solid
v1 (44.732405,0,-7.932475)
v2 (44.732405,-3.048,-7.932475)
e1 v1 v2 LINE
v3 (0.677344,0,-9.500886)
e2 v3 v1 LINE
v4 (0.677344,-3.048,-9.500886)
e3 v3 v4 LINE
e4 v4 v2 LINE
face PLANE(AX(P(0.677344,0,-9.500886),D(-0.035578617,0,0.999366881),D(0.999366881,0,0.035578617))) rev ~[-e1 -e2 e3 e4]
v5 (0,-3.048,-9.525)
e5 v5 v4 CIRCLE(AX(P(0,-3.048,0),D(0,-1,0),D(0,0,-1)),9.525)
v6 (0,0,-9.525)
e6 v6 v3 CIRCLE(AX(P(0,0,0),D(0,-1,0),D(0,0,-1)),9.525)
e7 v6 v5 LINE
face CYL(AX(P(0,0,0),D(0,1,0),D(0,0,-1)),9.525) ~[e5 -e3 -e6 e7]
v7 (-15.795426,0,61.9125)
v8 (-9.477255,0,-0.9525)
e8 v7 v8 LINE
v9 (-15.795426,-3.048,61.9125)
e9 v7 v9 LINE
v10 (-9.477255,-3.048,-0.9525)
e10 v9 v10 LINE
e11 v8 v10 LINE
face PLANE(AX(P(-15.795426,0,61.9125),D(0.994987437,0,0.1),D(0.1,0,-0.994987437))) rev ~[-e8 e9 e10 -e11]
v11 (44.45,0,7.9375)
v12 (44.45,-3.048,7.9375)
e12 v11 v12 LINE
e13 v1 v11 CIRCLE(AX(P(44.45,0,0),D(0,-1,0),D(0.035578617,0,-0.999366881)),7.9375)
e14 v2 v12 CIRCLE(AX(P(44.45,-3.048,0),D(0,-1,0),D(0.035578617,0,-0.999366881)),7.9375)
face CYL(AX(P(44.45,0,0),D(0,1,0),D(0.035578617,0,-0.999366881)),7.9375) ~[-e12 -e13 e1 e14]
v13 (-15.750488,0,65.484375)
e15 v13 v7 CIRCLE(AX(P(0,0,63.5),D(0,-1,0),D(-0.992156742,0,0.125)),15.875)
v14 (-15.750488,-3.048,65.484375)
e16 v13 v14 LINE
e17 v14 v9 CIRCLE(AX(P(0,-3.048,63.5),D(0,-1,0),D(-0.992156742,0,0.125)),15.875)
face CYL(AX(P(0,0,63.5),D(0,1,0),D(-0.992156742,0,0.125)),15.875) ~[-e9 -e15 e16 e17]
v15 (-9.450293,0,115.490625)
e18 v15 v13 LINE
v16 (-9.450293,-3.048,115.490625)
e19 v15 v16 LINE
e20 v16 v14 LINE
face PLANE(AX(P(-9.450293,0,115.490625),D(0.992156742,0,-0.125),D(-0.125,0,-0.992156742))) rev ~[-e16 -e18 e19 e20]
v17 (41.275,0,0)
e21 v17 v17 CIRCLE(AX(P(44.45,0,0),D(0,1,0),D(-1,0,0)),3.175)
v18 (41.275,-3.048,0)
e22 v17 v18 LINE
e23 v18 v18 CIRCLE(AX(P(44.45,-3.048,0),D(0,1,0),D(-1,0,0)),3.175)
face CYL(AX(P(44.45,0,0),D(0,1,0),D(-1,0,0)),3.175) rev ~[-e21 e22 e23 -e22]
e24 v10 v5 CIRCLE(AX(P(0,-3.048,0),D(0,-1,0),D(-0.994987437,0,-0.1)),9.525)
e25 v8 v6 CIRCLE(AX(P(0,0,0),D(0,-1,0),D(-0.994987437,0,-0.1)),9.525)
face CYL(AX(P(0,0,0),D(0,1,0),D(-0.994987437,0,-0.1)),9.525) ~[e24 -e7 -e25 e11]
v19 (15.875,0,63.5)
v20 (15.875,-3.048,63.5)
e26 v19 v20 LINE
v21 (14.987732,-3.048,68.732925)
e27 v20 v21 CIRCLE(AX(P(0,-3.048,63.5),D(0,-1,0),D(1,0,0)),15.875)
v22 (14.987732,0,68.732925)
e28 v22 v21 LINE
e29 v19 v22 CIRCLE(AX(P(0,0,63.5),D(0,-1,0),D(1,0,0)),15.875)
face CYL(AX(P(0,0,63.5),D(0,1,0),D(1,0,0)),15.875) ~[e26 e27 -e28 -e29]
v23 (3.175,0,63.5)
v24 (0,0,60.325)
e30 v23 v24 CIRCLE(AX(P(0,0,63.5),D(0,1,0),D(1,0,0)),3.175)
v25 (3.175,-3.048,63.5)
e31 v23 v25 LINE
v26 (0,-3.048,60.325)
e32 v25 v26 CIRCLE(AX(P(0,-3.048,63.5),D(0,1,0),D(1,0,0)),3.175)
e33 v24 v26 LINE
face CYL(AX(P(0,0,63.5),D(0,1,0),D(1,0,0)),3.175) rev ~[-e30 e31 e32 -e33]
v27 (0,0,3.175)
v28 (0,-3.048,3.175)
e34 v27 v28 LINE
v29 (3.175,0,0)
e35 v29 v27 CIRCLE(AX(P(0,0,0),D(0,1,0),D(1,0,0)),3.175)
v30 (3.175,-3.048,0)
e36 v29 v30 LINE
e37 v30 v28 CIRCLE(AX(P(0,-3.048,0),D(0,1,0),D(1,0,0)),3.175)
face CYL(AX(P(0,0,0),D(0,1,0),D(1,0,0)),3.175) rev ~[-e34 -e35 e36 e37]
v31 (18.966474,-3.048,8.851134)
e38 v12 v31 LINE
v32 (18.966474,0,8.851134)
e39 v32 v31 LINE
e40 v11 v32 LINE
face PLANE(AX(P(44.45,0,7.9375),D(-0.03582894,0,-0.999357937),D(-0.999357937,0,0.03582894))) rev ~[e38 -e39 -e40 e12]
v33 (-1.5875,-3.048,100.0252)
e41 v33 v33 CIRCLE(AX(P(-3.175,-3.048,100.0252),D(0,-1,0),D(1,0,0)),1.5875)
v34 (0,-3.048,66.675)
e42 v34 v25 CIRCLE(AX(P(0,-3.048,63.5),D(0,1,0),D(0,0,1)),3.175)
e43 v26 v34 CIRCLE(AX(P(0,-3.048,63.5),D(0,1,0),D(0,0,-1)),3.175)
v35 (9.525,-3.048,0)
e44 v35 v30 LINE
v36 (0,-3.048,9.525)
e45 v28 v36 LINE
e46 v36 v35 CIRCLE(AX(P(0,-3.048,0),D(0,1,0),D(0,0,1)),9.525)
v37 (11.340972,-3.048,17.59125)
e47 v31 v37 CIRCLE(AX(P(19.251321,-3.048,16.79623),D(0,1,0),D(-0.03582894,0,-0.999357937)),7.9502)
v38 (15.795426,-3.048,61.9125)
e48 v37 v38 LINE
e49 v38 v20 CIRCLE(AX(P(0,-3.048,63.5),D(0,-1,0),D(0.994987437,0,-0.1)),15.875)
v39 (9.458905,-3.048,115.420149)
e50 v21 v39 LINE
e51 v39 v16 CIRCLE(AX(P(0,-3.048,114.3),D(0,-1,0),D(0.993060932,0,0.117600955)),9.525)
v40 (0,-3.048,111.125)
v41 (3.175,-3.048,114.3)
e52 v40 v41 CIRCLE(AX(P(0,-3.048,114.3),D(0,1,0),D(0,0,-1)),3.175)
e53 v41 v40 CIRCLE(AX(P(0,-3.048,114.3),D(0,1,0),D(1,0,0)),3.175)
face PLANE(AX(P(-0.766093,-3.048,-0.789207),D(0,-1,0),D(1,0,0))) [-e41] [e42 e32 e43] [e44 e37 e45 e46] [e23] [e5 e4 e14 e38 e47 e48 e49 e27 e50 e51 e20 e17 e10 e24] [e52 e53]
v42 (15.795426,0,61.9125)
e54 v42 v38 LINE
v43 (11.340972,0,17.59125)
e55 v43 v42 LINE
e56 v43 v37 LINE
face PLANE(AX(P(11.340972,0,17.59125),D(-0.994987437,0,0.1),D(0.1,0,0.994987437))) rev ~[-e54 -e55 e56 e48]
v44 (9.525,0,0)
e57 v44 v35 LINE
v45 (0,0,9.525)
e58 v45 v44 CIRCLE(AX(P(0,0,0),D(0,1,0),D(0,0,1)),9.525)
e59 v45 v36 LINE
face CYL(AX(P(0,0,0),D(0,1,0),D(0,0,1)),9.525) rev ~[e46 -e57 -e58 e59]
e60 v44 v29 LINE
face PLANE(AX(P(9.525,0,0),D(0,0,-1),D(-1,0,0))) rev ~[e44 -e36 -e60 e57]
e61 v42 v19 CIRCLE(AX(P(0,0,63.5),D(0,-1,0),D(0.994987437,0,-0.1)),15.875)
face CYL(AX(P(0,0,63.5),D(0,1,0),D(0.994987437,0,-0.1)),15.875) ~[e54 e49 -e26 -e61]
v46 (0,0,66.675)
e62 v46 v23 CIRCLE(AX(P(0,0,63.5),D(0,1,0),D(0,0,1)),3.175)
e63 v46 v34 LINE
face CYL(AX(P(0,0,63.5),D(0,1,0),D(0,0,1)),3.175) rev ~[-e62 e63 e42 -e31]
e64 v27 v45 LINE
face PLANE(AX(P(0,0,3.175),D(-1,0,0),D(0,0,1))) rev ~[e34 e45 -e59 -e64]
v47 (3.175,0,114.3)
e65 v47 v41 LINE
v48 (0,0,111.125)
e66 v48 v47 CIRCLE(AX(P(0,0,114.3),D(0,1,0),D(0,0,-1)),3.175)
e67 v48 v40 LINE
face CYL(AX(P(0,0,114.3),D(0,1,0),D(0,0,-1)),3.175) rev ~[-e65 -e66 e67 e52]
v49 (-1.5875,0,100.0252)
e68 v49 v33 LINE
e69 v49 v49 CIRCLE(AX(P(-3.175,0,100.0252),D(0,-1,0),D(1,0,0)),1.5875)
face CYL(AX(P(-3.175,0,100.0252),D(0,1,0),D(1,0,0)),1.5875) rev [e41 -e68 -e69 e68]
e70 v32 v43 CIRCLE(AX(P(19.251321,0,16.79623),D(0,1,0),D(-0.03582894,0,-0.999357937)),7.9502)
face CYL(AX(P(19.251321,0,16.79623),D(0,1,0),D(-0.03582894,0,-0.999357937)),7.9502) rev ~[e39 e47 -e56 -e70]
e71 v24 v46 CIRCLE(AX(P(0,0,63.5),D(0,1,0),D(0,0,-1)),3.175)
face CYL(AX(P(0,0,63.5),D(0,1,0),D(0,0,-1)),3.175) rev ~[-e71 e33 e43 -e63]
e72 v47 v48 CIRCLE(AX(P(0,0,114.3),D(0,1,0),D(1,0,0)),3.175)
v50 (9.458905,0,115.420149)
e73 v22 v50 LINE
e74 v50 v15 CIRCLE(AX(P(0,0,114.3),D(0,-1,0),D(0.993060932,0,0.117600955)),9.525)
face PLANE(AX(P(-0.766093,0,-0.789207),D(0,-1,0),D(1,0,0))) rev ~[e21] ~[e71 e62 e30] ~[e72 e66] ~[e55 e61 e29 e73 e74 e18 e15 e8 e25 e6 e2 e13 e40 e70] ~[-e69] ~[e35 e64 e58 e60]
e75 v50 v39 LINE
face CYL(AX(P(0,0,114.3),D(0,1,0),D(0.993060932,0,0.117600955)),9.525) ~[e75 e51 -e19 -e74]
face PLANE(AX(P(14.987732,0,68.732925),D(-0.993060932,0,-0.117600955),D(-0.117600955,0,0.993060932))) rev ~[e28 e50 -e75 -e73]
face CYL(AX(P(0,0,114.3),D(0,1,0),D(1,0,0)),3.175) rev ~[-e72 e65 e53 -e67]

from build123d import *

# Parameters (mm, degrees)
F0_R     = 1.5875
F1_DEPTH = 3.048


with BuildPart() as f1:
    # F0 (on Front) → F1 (new body)
    with BuildSketch(Plane.XZ):
        with BuildLine():
            Line((9.525, 0), (3.175, 0))
            ThreePointArc((3.175, 0), (-2.2450640303, -2.2450640303), (0, 3.175))
            Line((0, 3.175), (0, 9.525))
            ThreePointArc((0, 9.525), (-7.063929059, 6.3895642457), (-9.4772553384, -0.9525))
            ThreePointArc((-9.4772553384, -0.9525), (-6.3895642457, -7.063929059), (0, -9.525))
            Line((0, -9.525), (0.6773435479, -9.500885786))
            ThreePointArc((0.6773435479, -9.500885786), (6.9705567315, -6.4912990883), (9.525, 0))
        make_face()
        with BuildLine():
            ThreePointArc((0, 9.525), (6.7351920908, 6.7351920908), (9.525, 0))
            Line((9.525, 0), (36.5125, 0))
            ThreePointArc((36.5125, 0), (38.8373399243, 5.6126600757), (44.45, 7.9375))
            Line((44.45, 7.9375), (18.9664742022, 8.8511343208))
            ThreePointArc((18.9664742022, 8.8511343208), (13.260685791, 11.5695707689), (11.3409723165, 17.5912497948))
            Line((11.3409723165, 17.5912497948), (15.7954255641, 61.9125))
            ThreePointArc((15.7954255641, 61.9125), (10.6492737428, 51.7267849017), (0, 47.625))
            Line((0, 47.625), (0, 9.525))
        make_face()
        with BuildLine():
            Line((36.5125, 0), (9.525, 0))
            ThreePointArc((9.525, 0), (6.9705567315, -6.4912990883), (0.6773435479, -9.500885786))
            Line((0.6773435479, -9.500885786), (44.7324052746, -7.9324746146))
            ThreePointArc((44.7324052746, -7.9324746146), (38.9380895153, -5.7116327839), (36.5125, 0))
        make_face()
        with BuildLine():
            ThreePointArc((-9.4772553384, -0.9525), (-7.063929059, 6.3895642457), (0, 9.525))
            Line((0, 9.525), (0, 47.625))
            ThreePointArc((0, 47.625), (-10.6492737428, 51.7267849017), (-15.7954255641, 61.9125))
            Line((-15.7954255641, 61.9125), (-9.4772553384, -0.9525))
        make_face()
        with BuildLine():
            ThreePointArc((44.45, 7.9375), (38.8373399243, 5.6126600757), (36.5125, 0))
            ThreePointArc((36.5125, 0), (38.9380895153, -5.7116327839), (44.7324052746, -7.9324746146))
            ThreePointArc((44.7324052746, -7.9324746146), (50.1616327839, -5.5119104847), (52.3875, 0))
            ThreePointArc((52.3875, 0), (50.0626600757, 5.6126600757), (44.45, 7.9375))
        make_face()
        with BuildLine():
            ThreePointArc((47.625, 0), (44.45, -3.175), (41.275, 0))
            ThreePointArc((41.275, 0), (44.45, 3.175), (47.625, 0))
        make_face(mode=Mode.SUBTRACT)
        with BuildLine():
            ThreePointArc((0, -9.525), (0.3388863295, -9.5189695375), (0.6773435479, -9.500885786))
            Line((0.6773435479, -9.500885786), (0, -9.525))
        make_face()
        with BuildLine():
            Line((0, 60.325), (0, 47.625))
            ThreePointArc((0, 47.625), (10.6492737428, 51.7267849017), (15.7954255641, 61.9125))
            Line((15.7954255641, 61.9125), (14.9877324754, 68.7329246359))
            ThreePointArc((14.9877324754, 68.7329246359), (9.1908363712, 76.4438847259), (0, 79.375))
            Line((0, 79.375), (0, 66.675))
            ThreePointArc((0, 66.675), (2.2450640303, 65.7450640303), (3.175, 63.5))
            ThreePointArc((3.175, 63.5), (2.2450640303, 61.2549359697), (0, 60.325))
        make_face()
        with BuildLine():
            ThreePointArc((-15.7954255641, 61.9125), (-10.6492737428, 51.7267849017), (0, 47.625))
            Line((0, 47.625), (0, 60.325))
            ThreePointArc((0, 60.325), (-3.175, 63.5), (0, 66.675))
            Line((0, 66.675), (0, 79.375))
            ThreePointArc((0, 79.375), (-10.5003255158, 75.40625), (-15.7504882737, 65.484375))
            ThreePointArc((-15.7504882737, 65.484375), (-15.8737438155, 63.6997054867), (-15.7954255641, 61.9125))
        make_face()
        with BuildLine():
            Line((14.9877324754, 68.7329246359), (15.7954255641, 61.9125))
            ThreePointArc((15.7954255641, 61.9125), (15.8550939106, 62.7052534459), (15.875, 63.5))
            ThreePointArc((15.875, 63.5), (15.6516113875, 66.1538059417), (14.9877324754, 68.7329246359))
        make_face()
        with BuildLine():
            Line((-9.4502929642, 115.490625), (-15.7504882737, 65.484375))
            ThreePointArc((-15.7504882737, 65.484375), (-10.5003255158, 75.40625), (0, 79.375))
            Line((0, 79.375), (0, 104.775))
            ThreePointArc((0, 104.775), (-7.14375, 107.9998046905), (-9.4502929642, 115.490625))
        make_face()
        with Locations((-3.175, 100.0252)):
            Circle(F0_R, mode=Mode.SUBTRACT)
        with BuildLine():
            ThreePointArc((0, 79.375), (9.1908363712, 76.4438847259), (14.9877324754, 68.7329246359))
            Line((14.9877324754, 68.7329246359), (9.4589053806, 115.4201490977))
            ThreePointArc((9.4589053806, 115.4201490977), (9.5084619879, 114.8610486832), (9.525, 114.3))
            ThreePointArc((9.525, 114.3), (6.7351920908, 107.5648079092), (0, 104.775))
            Line((0, 104.775), (0, 79.375))
        make_face()
        with BuildLine():
            ThreePointArc((9.4589053806, 115.4201490977), (0.0355000934, 123.8249338446), (-9.4502929642, 115.490625))
            ThreePointArc((-9.4502929642, 115.490625), (-7.14375, 107.9998046905), (0, 104.775))
            ThreePointArc((0, 104.775), (6.7351920908, 107.5648079092), (9.525, 114.3))
            ThreePointArc((9.525, 114.3), (9.5084619879, 114.8610486832), (9.4589053806, 115.4201490977))
        make_face()
        with BuildLine():
            ThreePointArc((3.175, 114.3), (2.2450640303, 112.0549359697), (0, 111.125))
            ThreePointArc((0, 111.125), (-2.2450640303, 116.5450640303), (3.175, 114.3))
        make_face(mode=Mode.SUBTRACT)
    extrude(amount=F1_DEPTH)


solid = f1.part
